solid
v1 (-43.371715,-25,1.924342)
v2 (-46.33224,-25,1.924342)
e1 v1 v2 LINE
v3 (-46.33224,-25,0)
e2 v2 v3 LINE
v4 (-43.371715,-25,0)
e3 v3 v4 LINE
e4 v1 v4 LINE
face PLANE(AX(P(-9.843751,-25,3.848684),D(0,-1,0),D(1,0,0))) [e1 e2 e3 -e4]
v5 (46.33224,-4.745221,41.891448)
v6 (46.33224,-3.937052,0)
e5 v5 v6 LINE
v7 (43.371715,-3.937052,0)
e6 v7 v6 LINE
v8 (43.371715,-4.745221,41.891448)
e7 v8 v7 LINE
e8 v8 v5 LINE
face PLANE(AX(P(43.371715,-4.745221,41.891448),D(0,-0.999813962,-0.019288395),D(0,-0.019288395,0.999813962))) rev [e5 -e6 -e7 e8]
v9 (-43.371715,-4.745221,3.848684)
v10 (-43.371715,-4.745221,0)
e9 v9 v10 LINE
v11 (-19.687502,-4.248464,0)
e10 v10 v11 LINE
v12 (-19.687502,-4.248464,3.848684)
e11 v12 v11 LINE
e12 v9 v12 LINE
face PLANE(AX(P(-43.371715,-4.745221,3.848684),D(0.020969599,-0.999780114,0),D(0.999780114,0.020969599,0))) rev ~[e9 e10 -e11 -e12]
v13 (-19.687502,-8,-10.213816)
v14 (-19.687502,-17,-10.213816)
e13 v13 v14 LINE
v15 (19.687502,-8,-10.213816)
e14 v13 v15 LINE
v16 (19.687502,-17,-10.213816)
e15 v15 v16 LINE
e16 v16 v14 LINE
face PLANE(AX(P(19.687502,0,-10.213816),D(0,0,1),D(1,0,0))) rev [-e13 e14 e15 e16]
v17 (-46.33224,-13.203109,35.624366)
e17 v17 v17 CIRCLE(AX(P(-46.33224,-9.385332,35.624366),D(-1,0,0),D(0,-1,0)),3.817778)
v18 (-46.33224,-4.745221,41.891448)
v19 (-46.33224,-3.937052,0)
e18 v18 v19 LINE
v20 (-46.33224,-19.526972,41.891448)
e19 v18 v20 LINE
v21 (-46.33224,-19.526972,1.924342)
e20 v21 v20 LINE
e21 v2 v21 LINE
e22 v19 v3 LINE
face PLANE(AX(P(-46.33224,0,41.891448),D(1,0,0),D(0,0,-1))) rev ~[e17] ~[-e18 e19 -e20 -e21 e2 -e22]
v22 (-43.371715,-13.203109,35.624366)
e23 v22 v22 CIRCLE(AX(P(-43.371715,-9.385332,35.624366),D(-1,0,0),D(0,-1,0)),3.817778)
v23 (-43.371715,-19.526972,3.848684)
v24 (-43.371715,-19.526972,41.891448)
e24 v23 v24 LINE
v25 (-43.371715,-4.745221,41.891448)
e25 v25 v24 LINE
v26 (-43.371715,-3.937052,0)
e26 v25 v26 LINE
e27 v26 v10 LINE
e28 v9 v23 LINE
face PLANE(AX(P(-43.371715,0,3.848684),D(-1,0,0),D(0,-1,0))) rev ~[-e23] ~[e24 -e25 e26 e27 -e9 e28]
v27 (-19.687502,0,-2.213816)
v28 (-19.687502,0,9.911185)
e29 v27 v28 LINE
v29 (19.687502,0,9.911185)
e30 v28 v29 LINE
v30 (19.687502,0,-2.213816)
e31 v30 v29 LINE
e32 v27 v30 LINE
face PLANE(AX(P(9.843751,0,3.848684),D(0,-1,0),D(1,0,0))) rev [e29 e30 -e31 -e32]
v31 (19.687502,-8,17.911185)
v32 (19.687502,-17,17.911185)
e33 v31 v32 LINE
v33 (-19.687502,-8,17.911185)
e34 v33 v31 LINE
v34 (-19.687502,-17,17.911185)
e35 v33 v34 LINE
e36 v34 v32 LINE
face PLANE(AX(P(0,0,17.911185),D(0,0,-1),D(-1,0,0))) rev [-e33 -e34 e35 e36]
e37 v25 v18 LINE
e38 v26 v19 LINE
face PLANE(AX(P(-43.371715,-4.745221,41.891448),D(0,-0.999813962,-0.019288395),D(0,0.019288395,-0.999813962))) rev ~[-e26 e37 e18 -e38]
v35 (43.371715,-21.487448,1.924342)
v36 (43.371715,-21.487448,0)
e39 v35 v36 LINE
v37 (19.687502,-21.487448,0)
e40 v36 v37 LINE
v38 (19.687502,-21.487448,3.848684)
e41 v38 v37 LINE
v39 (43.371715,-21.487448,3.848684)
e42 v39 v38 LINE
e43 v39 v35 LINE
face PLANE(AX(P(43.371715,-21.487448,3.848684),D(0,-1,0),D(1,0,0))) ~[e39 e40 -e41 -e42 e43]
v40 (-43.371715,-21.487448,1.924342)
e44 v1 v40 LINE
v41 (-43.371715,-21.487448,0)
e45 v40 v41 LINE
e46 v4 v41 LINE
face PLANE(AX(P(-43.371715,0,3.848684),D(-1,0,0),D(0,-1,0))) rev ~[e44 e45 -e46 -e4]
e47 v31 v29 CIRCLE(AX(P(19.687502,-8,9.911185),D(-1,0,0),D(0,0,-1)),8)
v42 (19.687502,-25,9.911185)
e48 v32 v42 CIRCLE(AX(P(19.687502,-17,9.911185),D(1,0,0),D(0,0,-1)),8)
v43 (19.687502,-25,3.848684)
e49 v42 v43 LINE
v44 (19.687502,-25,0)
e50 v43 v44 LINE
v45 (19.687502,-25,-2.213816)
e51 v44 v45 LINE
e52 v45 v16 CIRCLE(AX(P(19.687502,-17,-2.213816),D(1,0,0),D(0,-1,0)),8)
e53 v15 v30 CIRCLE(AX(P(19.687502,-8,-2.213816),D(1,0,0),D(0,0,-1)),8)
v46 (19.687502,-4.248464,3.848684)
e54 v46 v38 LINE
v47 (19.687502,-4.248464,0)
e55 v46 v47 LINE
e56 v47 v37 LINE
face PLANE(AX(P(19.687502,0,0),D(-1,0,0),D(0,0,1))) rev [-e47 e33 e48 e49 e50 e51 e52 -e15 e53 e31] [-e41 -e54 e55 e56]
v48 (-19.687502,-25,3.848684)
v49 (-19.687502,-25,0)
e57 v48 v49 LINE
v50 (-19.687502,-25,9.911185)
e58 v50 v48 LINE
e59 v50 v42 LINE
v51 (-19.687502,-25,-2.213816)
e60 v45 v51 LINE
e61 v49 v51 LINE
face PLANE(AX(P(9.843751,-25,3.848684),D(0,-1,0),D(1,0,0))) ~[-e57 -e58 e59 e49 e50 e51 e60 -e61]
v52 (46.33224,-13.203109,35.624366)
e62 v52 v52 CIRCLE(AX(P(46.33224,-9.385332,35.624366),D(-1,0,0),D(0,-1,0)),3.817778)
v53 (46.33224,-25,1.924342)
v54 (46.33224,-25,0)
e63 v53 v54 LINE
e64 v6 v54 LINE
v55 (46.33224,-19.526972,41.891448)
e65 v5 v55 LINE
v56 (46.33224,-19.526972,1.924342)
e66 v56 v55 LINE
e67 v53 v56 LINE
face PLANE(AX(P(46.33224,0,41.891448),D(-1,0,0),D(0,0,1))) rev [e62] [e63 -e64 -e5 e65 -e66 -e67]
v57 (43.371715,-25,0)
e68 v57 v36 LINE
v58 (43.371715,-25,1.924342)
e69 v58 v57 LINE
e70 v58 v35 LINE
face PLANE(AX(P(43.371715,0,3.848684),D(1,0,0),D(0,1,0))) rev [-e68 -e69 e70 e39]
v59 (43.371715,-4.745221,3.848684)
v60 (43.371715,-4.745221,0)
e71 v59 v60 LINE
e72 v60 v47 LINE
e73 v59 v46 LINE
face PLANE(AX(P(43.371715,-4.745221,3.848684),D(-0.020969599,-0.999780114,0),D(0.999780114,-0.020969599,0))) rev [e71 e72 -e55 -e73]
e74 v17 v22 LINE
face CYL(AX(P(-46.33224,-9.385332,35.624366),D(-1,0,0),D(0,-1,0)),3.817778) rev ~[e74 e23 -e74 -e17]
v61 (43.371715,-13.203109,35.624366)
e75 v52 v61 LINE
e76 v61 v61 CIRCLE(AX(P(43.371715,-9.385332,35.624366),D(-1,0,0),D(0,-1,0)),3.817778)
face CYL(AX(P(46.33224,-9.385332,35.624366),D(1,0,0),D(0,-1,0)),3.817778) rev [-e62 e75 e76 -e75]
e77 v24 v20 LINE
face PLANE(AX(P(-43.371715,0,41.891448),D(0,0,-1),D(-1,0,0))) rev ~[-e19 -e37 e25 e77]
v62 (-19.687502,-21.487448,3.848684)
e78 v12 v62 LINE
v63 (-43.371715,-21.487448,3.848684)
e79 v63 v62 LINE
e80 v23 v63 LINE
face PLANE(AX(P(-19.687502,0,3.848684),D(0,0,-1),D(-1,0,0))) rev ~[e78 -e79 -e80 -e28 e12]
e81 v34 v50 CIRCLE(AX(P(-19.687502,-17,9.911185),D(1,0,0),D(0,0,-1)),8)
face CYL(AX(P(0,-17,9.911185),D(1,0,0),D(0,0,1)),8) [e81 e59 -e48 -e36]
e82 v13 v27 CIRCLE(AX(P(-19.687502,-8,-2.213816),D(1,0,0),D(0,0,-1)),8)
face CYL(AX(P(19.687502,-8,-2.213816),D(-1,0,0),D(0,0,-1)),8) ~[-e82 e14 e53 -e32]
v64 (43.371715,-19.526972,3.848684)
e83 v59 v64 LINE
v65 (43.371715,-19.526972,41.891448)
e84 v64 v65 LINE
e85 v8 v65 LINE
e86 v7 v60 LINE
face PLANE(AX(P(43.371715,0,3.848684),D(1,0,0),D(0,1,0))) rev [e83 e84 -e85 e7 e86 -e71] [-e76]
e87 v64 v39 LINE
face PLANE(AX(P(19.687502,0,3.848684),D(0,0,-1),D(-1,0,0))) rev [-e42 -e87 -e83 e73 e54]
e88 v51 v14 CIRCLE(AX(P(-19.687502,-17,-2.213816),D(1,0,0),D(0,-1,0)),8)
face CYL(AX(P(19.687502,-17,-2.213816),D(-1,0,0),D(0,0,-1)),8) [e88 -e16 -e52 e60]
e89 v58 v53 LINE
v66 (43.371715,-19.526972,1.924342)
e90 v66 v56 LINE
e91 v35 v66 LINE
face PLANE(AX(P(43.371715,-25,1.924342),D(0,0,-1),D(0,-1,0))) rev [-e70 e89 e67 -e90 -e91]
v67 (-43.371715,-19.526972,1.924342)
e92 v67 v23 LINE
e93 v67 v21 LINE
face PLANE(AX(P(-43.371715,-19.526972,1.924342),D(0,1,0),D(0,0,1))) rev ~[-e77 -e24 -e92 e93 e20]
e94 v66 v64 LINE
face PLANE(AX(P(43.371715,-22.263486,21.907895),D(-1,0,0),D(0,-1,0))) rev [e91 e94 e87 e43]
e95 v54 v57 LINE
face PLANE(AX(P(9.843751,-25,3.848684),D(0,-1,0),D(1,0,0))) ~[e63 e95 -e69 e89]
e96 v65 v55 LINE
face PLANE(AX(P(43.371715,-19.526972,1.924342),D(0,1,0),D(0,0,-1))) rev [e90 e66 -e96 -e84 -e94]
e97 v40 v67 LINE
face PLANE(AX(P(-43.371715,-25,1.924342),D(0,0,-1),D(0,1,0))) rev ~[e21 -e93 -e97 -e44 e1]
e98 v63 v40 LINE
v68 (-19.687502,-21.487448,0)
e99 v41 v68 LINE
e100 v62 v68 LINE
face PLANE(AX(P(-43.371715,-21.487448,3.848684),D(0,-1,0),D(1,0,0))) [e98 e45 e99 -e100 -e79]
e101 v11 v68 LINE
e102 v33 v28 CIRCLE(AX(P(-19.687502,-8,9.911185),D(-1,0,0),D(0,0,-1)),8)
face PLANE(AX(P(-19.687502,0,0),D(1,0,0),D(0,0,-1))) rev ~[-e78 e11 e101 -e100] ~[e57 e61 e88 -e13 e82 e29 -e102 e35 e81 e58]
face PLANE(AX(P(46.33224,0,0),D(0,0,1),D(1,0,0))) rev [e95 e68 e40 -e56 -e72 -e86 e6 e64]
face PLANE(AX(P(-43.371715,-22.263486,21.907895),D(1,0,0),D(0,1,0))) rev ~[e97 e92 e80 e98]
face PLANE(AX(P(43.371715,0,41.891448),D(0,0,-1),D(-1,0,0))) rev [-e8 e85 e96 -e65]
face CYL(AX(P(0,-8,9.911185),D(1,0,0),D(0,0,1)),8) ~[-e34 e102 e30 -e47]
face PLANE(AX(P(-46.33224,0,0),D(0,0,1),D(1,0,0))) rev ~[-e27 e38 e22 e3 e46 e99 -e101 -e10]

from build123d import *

# Parameters (mm, degrees)
F1_DEPTH = 25
F2_R     = 8
F3_W     = 23.684212938
F3_H     = 3.5125516355
F4_DEPTH = 25
F5_W     = 5.4730284959
F5_H     = 39.9671059567
F6_DEPTH = 25
F7_R     = 3.8177779447
F8_DEPTH = 25


with BuildPart() as f1:
    # F0 (on Front) → F1 (new body)
    with BuildSketch(Plane.XZ):
        Polygon((0, -10.2138156071), (0, 17.9111845791), (-19.6875017136, 17.9111845791), (-19.6875017136, 3.848684486), (-19.6875017136, 0), (-19.6875017136, -10.2138156071), align=None)
        Polygon((-19.6875017136, 0), (-19.6875017136, 3.848684486), (-43.3717146516, 3.848684486), (-43.3717146516, 41.8914481997), (-46.3322401047, 41.8914481997), (-46.3322401047, 0), align=None)
    extrude(amount=F1_DEPTH)

    # F2
    f2_edges = [f1.edges().sort_by_distance(p)[0] for p in [
        (-9.843751, 0, 17.911185),
        (-9.843751, 0, -10.213816),
        (-9.843751, -25, -10.213816),
        (-9.843751, -25, 17.911185),
    ]]
    fillet(f2_edges, radius=F2_R)

    # F3 (on face) → F4 (cut)
    with BuildSketch(Plane.XY.offset(3.848684486)):
        with Locations((-31.5296081826, -23.2437241822)):
            Rectangle(F3_W, F3_H)
        Polygon((-43.3717146516, -4.7452212311), (-19.6875017136, -4.2484635487), (-19.6875017136, 0), (-20.5312147737, 0), (-43.3717146516, 0), align=None)
    extrude(amount=-F4_DEPTH, mode=Mode.SUBTRACT)

    # F5 (on face) → F6 (cut)
    with BuildSketch(Plane.YZ.offset(-43.3717146516)):
        with Locations((-22.263485752, 21.9078952214)):
            Rectangle(F5_W, F5_H)
        Polygon((0, 41.8914481997), (-4.7452212311, 41.8914481997), (-3.9370520972, 0), (0, 0), (0, 40.7377965748), align=None)
    extrude(amount=-F6_DEPTH, mode=Mode.SUBTRACT)

    # F7 (on face) → F8 (cut)
    with BuildSketch(Plane(origin=(-46.3322401047, 0, 0), x_dir=(0, -1, 0), z_dir=(-1, 0, 0))):
        with Locations((9.3853315338, 35.6243662536)):
            Circle(F7_R)
    extrude(amount=-F8_DEPTH, mode=Mode.SUBTRACT)

    # F9: F1 across plane


with BuildPart() as f1_1:
    add(f1.part)
    add(f1.part.mirror(Plane.YZ))


solid = f1_1.part
